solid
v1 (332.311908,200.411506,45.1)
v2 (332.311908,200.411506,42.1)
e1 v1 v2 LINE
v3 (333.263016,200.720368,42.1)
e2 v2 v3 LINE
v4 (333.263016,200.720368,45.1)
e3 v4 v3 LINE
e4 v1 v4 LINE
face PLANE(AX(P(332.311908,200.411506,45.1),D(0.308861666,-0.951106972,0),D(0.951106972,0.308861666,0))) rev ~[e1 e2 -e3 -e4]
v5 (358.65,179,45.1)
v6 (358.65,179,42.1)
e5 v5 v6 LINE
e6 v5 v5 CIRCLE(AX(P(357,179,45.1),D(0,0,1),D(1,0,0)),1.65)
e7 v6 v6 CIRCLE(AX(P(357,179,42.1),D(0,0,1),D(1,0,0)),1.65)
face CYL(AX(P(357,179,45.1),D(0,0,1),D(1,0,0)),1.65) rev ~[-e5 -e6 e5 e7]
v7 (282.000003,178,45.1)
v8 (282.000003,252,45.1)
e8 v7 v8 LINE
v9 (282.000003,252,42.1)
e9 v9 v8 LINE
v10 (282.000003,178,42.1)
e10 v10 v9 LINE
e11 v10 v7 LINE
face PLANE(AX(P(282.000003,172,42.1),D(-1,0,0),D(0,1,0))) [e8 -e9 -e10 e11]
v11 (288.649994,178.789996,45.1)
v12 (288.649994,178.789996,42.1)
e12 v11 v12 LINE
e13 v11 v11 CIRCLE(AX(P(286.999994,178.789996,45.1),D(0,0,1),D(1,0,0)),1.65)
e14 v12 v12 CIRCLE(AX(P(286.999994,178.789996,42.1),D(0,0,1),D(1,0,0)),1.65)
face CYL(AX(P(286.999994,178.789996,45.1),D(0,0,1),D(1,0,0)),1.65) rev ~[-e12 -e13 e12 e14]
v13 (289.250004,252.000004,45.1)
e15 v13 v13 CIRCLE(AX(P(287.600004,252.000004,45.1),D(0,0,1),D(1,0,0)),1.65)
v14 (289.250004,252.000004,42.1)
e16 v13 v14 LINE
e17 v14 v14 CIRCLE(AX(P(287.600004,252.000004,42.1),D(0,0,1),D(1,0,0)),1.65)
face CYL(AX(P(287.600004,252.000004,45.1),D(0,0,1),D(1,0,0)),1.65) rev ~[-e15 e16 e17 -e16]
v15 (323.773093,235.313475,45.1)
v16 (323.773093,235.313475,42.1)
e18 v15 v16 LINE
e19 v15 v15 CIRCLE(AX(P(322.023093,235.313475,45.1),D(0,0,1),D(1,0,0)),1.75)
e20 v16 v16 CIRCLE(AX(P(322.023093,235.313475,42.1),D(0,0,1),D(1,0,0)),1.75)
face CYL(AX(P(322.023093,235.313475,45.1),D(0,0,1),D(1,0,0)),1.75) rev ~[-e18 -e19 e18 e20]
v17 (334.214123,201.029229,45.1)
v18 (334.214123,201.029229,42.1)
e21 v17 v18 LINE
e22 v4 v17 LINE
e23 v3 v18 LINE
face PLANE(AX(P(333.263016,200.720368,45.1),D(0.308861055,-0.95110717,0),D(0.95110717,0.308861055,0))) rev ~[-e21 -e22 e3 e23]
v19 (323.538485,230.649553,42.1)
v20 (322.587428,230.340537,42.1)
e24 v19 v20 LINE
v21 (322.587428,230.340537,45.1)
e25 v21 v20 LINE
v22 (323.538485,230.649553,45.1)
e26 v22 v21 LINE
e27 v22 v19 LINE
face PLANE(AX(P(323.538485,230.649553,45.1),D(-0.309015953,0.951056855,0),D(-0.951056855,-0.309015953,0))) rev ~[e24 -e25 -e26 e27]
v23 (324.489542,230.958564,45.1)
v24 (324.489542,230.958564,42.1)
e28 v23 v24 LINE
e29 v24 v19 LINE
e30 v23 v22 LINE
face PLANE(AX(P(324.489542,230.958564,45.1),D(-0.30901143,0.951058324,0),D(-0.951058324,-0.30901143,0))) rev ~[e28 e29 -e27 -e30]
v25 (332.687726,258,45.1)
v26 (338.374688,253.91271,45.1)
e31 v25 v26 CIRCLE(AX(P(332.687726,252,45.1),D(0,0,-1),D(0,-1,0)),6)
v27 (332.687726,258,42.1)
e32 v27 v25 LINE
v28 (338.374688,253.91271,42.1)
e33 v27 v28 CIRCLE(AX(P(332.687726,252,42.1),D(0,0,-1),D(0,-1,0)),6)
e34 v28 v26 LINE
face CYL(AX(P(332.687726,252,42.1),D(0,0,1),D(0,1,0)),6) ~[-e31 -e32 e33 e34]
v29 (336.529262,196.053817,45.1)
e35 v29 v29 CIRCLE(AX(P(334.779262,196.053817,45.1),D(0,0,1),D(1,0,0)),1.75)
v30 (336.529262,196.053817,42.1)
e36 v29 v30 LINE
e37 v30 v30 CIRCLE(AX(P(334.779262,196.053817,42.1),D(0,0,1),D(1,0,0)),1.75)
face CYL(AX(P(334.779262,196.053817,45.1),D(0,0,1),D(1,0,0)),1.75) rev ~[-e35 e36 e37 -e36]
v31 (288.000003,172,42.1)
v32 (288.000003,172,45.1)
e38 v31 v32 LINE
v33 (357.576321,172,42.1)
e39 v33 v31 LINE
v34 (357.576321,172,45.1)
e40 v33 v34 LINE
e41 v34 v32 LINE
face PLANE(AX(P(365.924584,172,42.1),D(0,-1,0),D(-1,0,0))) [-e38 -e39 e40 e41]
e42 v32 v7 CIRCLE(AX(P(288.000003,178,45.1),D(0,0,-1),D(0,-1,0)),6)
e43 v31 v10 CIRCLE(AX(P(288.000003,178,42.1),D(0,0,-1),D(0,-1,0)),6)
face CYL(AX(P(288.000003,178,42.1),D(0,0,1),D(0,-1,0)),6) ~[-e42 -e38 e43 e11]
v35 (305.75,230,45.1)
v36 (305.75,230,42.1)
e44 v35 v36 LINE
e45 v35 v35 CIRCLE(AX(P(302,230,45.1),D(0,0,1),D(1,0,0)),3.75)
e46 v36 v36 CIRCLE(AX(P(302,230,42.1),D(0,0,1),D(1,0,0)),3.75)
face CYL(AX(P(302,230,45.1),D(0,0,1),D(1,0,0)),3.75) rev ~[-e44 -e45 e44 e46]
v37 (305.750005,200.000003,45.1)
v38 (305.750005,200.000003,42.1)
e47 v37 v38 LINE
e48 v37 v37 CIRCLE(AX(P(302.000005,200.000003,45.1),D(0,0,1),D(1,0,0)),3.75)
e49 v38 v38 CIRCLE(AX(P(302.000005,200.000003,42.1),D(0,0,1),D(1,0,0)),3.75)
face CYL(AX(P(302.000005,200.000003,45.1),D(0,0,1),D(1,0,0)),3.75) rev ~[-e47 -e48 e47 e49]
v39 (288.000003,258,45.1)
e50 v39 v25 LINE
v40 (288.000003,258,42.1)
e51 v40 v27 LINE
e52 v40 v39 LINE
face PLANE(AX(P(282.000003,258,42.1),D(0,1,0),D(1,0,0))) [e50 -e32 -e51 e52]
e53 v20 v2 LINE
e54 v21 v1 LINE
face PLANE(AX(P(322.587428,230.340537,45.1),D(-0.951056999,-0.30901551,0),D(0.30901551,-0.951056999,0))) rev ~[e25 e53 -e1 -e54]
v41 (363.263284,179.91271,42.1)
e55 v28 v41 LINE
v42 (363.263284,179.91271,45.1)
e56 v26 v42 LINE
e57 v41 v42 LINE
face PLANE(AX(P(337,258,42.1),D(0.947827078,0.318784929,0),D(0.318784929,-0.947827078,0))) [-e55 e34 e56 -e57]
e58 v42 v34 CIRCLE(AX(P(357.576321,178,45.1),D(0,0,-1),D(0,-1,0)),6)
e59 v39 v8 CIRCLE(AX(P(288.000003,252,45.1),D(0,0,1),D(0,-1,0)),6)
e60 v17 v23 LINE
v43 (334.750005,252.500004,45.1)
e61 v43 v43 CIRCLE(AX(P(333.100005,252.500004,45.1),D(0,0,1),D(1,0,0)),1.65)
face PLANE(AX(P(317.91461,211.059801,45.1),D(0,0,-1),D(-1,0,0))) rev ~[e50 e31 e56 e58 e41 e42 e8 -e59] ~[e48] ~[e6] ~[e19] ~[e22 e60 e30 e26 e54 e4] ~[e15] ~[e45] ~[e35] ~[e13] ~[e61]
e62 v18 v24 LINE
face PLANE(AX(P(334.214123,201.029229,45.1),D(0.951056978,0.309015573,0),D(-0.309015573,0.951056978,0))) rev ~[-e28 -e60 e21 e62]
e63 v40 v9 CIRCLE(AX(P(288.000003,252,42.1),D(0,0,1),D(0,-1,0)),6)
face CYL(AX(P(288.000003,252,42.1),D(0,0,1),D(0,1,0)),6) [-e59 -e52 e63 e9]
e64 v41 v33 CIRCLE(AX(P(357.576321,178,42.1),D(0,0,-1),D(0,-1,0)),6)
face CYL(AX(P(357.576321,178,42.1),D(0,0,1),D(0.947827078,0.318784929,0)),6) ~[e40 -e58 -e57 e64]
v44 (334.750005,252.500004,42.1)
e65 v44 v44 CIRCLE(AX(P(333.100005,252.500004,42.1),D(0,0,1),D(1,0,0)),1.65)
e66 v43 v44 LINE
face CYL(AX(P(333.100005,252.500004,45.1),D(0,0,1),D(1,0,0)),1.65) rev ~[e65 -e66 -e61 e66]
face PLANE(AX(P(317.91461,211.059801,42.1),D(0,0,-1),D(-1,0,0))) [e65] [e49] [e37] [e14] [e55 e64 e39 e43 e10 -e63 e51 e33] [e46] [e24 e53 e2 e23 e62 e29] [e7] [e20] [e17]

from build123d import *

# Parameters (mm, degrees)
PAD004_DEPTH    = 3
FILLET016_R     = 6
SKETCH144_R     = 3.75
POCKET031_DEPTH = 5
SKETCH145_R     = 1.75
POCKET058_DEPTH = 3
SKETCH191_R     = 1.65
POCKET060_DEPTH = 3


with BuildPart() as part:
    # Sketch143 → Pad004 (new body)
    with BuildSketch(Plane.XY.offset(45)):
        Polygon((282.000003, 258), (337, 258), (365.924584, 172), (282.000003, 172), align=None)
    extrude(amount=PAD004_DEPTH)

    # Fillet016
    fillet016_edges = [part.edges().sort_by_distance(p)[0] for p in [
        (365.924584, 172, 46.5),
        (282.000003, 172, 46.5),
        (282.000003, 258, 46.5),
        (337, 258, 46.5),
    ]]
    fillet(fillet016_edges, radius=FILLET016_R)

    # Sketch144 (on Face5 of Fillet016) → Pocket031 (cut)
    with BuildSketch(Plane.XY.offset(48)):
        with Locations((302, 230)):
            Circle(SKETCH144_R)
        with Locations((302.000005, 200.000003)):
            Circle(SKETCH144_R)
    extrude(amount=-POCKET031_DEPTH, mode=Mode.SUBTRACT)

    # Sketch145 (on Face5 of Pocket031) → Pocket058 (cut)
    with BuildSketch(Plane.XY.offset(48)):
        with Locations((322.023093, 235.313475)):
            Circle(SKETCH145_R)
        with Locations((334.779262, 196.053817)):
            Circle(SKETCH145_R)
        Polygon((333.263016, 200.720368), (334.214123, 201.029229), (324.489542, 230.958564), (323.538485, 230.649553), (322.587428, 230.340537), (332.311908, 200.411506), align=None)
    extrude(amount=-POCKET058_DEPTH, mode=Mode.SUBTRACT)

    # Sketch191 (on Face5 of Pocket058) → Pocket060 (cut)
    with BuildSketch(Plane.XY.offset(48)):
        with Locations((286.999994, 178.789996)):
            Circle(SKETCH191_R)
        with Locations((287.600004, 252.000004)):
            Circle(SKETCH191_R)
        with Locations((333.100005, 252.500004)):
            Circle(SKETCH191_R)
        with Locations((357, 179)):
            Circle(SKETCH191_R)
    extrude(amount=-POCKET060_DEPTH, mode=Mode.SUBTRACT)


with BuildPart() as part_1:
    # Body015 placement: moved
    add(part.part.moved(Location((0, 0, -2.9))))


solid = part_1.part
